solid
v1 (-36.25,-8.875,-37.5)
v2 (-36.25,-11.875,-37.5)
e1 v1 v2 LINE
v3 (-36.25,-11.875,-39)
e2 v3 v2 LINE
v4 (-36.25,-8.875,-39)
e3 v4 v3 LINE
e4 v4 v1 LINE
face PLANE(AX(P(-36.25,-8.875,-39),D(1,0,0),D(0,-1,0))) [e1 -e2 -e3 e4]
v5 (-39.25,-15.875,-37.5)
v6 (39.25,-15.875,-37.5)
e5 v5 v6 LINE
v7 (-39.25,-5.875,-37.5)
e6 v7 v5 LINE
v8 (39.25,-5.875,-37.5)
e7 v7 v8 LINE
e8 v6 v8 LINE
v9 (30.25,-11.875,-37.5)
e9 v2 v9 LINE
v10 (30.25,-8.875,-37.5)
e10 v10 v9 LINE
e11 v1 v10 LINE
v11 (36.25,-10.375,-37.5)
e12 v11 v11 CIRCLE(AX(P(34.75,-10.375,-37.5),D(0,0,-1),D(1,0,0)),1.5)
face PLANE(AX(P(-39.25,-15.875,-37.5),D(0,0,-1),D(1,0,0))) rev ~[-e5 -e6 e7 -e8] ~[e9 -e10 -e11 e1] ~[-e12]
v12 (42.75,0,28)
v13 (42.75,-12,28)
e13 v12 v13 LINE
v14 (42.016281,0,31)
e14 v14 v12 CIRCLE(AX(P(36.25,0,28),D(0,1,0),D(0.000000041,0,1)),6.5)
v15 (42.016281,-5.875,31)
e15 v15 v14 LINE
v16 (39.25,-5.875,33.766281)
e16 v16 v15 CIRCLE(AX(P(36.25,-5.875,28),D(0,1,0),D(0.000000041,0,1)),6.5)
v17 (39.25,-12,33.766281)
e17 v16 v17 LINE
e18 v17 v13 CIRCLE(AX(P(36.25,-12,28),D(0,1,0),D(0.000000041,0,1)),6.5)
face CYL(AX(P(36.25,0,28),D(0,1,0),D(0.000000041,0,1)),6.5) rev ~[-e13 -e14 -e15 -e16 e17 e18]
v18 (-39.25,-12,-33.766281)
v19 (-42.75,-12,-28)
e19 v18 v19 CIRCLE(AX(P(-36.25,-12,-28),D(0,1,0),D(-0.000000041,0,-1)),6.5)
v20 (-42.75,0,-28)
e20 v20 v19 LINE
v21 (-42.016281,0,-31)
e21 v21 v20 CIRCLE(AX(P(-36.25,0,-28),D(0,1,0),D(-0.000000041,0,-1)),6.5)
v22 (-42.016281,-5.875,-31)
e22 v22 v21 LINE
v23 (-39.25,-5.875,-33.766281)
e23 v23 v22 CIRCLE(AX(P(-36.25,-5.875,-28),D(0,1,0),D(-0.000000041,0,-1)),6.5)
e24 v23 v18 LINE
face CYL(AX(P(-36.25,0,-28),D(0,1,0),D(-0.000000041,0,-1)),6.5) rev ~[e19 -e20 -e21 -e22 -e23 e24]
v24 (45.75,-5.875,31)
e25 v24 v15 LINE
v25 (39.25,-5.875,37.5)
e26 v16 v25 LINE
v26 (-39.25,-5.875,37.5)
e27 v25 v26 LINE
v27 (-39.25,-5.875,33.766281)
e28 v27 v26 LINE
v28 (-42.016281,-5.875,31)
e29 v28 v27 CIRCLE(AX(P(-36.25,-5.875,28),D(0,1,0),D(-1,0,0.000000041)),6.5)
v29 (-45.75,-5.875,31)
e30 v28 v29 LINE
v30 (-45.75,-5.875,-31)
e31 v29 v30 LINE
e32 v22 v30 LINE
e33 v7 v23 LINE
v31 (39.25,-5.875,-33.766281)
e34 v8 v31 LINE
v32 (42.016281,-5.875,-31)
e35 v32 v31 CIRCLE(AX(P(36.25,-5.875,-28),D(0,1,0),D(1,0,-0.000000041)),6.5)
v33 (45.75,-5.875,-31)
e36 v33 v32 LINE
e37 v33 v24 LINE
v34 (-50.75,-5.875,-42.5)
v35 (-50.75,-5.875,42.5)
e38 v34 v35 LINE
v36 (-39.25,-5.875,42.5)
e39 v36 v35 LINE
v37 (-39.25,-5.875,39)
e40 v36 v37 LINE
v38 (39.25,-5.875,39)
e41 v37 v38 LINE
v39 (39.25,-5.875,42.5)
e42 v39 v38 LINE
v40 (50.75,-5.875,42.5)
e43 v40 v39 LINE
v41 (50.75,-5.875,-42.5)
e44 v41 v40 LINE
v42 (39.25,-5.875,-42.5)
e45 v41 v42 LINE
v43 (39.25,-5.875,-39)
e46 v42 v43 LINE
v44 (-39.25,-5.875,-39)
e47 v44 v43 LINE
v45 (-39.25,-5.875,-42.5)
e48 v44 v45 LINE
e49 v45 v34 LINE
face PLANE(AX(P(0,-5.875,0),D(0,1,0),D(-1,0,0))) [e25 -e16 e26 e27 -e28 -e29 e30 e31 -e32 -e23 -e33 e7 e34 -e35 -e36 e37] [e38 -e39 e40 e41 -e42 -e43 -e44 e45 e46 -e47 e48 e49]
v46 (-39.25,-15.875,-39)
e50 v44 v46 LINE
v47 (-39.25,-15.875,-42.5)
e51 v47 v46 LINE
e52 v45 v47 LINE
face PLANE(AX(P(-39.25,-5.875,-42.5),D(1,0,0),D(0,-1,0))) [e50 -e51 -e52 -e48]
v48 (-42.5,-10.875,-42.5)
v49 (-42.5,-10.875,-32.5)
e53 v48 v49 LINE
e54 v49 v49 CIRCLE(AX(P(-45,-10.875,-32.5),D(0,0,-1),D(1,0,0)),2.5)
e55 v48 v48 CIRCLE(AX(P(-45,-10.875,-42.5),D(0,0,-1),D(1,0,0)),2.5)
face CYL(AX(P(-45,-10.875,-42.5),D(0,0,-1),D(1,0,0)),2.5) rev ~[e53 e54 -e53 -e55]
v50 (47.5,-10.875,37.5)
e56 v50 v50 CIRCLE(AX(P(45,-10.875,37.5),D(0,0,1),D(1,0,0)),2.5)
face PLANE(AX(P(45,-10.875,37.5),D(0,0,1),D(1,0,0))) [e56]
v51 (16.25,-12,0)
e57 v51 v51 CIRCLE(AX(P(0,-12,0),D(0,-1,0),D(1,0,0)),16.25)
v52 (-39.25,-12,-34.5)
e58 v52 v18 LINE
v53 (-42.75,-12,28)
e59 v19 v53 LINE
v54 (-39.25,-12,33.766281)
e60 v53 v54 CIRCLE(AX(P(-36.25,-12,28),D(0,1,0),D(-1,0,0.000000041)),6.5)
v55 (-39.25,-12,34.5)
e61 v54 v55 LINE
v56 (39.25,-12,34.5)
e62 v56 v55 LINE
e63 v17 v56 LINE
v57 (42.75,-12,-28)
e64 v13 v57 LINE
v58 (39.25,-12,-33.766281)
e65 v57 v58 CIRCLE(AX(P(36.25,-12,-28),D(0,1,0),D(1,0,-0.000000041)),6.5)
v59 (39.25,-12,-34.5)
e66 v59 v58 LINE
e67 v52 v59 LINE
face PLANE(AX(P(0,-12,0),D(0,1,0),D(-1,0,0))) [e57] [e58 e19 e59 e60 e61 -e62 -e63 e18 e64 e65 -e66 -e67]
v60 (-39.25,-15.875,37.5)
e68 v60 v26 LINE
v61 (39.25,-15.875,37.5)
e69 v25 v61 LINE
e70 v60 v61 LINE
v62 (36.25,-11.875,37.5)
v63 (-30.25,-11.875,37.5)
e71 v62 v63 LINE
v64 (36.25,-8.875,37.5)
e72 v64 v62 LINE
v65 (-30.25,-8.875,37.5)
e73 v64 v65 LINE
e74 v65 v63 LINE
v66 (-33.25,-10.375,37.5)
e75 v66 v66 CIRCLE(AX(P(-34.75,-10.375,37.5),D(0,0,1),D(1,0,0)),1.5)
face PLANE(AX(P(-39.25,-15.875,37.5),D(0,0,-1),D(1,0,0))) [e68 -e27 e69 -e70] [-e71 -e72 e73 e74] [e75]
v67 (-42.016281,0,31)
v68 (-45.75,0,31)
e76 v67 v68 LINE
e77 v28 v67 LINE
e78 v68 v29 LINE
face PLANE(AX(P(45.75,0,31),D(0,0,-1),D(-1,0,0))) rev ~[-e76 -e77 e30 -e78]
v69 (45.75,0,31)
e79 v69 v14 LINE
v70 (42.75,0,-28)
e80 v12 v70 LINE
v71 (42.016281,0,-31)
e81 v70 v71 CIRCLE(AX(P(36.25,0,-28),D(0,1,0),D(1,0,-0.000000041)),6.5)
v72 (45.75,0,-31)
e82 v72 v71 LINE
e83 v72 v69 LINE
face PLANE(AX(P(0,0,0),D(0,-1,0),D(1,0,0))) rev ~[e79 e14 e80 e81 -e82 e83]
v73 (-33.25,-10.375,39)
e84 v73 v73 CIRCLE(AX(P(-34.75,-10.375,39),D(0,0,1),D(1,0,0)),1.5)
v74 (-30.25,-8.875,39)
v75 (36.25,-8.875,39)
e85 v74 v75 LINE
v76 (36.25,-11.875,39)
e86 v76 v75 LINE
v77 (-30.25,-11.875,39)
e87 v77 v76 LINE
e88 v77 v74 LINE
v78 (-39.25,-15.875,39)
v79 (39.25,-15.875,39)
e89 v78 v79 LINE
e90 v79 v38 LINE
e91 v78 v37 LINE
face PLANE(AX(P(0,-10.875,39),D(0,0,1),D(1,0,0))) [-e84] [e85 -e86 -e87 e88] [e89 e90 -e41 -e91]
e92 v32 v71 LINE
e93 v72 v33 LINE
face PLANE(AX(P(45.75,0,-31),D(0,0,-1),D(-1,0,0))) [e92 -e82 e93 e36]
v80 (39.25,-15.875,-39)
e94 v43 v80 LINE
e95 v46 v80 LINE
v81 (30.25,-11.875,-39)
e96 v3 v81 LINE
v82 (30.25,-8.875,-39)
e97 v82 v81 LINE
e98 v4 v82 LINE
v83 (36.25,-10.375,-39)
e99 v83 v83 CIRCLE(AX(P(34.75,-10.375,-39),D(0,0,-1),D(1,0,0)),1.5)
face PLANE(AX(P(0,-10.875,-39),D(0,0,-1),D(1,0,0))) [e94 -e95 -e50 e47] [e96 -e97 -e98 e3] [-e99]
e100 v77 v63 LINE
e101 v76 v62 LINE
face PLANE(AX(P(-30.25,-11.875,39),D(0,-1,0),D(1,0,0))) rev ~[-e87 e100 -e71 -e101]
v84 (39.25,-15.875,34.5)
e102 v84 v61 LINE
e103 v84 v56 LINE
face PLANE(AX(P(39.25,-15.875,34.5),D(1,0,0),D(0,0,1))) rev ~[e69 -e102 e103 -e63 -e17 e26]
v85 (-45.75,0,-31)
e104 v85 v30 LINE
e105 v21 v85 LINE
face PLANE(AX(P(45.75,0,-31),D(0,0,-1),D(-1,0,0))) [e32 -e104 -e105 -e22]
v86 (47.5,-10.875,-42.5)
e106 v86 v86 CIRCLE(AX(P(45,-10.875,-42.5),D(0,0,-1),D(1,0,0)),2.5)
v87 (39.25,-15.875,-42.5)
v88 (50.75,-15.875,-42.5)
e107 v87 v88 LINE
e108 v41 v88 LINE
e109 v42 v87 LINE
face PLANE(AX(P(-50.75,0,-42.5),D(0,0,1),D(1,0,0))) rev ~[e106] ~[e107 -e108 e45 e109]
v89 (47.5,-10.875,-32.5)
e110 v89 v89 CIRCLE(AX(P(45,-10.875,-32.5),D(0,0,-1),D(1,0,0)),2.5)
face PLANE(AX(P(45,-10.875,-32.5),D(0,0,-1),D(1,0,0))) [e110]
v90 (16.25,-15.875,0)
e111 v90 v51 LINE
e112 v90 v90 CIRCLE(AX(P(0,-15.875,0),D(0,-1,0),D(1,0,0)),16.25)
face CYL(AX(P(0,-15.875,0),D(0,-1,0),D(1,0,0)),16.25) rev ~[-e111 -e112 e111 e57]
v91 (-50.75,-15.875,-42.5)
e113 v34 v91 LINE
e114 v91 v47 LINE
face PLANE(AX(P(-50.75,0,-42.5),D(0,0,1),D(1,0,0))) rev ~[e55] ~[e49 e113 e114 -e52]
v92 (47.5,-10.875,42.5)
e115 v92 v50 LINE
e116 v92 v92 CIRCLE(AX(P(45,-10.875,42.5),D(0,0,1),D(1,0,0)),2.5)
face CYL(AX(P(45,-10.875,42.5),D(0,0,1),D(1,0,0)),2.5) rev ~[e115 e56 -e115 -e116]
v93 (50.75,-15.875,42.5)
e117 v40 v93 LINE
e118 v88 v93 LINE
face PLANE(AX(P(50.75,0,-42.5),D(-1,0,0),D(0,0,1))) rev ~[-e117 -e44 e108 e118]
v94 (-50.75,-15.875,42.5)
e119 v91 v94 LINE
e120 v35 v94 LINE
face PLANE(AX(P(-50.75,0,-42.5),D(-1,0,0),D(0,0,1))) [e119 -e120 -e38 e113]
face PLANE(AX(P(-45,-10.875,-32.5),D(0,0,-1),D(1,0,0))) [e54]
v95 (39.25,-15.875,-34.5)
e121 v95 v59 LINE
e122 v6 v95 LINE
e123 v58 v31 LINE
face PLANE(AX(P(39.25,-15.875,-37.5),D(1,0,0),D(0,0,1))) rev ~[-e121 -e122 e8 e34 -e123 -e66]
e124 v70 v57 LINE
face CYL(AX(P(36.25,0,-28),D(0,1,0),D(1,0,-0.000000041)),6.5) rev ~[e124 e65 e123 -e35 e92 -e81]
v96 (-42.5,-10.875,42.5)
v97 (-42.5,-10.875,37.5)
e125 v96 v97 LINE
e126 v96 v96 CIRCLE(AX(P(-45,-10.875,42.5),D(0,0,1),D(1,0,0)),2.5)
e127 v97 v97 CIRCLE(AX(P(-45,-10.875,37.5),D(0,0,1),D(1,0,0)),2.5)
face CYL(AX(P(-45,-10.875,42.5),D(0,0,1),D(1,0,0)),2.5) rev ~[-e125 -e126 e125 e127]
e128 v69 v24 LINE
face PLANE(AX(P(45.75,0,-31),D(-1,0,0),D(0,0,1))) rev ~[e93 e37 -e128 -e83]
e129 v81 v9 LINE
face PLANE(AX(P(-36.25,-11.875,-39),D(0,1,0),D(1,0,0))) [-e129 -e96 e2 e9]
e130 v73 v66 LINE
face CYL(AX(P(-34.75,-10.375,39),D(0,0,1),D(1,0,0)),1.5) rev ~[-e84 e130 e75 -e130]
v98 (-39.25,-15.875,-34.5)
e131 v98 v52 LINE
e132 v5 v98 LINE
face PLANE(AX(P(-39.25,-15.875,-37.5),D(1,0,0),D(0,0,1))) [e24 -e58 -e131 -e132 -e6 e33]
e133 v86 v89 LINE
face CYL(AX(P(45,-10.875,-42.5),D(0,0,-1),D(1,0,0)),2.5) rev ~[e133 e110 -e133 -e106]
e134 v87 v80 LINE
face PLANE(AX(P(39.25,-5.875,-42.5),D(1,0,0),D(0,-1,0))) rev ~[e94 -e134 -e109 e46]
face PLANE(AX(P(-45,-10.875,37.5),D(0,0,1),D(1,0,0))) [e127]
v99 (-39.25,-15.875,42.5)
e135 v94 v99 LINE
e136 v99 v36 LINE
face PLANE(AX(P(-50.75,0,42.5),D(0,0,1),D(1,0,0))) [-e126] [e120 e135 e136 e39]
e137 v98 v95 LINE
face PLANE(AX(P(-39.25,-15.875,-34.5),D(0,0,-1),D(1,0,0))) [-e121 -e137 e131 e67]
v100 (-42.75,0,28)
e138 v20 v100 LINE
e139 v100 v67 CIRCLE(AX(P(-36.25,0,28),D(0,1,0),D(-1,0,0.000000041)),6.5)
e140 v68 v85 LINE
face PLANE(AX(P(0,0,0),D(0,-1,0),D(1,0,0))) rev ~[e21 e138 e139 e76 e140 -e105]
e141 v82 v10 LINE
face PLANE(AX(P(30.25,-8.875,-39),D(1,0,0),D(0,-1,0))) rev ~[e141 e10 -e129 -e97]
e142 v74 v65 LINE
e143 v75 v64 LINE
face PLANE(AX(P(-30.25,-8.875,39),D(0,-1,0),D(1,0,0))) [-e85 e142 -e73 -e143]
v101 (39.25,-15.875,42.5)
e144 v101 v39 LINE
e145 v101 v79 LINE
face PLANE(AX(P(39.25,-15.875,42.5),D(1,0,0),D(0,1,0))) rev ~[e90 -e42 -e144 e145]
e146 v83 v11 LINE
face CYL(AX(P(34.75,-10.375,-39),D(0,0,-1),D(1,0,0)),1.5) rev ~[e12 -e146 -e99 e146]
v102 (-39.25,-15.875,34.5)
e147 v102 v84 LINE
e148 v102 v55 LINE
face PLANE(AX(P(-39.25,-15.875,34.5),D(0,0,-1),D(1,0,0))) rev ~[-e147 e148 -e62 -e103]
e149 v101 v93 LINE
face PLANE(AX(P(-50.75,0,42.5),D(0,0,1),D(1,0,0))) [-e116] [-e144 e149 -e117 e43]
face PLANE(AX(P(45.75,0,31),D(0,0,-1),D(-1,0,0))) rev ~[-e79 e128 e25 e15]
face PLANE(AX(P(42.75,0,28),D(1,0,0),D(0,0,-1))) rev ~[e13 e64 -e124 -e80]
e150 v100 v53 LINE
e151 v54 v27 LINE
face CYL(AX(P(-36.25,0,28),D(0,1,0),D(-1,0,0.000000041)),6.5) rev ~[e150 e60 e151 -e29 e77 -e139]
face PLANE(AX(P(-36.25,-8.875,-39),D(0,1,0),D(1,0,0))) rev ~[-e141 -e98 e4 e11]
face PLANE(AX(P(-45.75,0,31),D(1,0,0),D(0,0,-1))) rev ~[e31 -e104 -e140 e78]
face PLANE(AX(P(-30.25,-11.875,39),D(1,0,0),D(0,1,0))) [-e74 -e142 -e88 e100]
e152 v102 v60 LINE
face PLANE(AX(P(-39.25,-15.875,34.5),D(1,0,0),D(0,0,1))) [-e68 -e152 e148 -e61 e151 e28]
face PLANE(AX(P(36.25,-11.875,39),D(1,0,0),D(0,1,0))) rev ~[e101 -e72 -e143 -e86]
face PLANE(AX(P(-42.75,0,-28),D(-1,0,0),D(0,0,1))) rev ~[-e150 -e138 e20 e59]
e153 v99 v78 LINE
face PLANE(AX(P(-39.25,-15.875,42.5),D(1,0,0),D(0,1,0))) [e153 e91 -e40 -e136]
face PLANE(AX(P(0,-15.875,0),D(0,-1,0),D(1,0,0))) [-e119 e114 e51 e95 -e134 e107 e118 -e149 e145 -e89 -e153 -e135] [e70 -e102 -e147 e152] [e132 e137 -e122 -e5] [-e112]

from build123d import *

# Parameters (mm, degrees)
F0_W      = 101.5
F0_H      = 85
F1_DEPTH  = 15.875
F2_R      = 16.25
F3_DEPTH  = 25
F4_W      = 101.5
F4_H      = 85
F5_DEPTH  = 5.875
F7_DEPTH  = 12
F8_W      = 78.5
F8_H      = 10
F9_DEPTH  = 3.5
F10_W     = 78.5
F10_H     = 10
F11_DEPTH = 3.5
F12_W     = 78.5
F12_H     = 3
F13_DEPTH = 25
F14_W     = 78.5
F14_H     = 17.569206
F15_DEPTH = 200
F16_W     = 78.5
F16_H     = 75
F17_DEPTH = 6.125
F18_R     = 1.5
F18_W     = 66.5
F18_H     = 3
F19_DEPTH = 2
F20_R     = 1.5
F20_W     = 66.5
F20_H     = 3
F21_DEPTH = 2
F22_R     = 2.5
F23_DEPTH = 10
F24_R     = 2.5
F25_DEPTH = 10
F26_R     = 2.5
F27_DEPTH = 5
F28_R     = 2.5
F29_DEPTH = 5
F30_W     = 91.57778
F30_H     = 6.951566
F30_W_2   = 93.047712
F30_H_2   = 9.166792
F31_DEPTH = 5.875


with BuildPart() as f1:
    # F0 (on Front) → F1 (new body)
    with BuildSketch(Plane.XZ):
        Rectangle(F0_W, F0_H)
    extrude(amount=F1_DEPTH)

    # F2 (on face) → F3 (cut)
    with BuildSketch(Plane.XZ.offset(15.875)):
        Circle(F2_R)
    extrude(amount=-F3_DEPTH, mode=Mode.SUBTRACT)

    # F4 (on face) → F5 (cut)
    with BuildSketch(Plane(origin=(0, 0, 0), x_dir=(-1, 0, 0), z_dir=(0, 1, 0))):
        Rectangle(F4_W, F4_H)
        with BuildLine():
            Line((-45.75, -31), (-45.75, 31))
            ThreePointArc((-45.75, 31), (-43.846194, 35.596194), (-39.25, 37.5))
            Line((-39.25, 37.5), (39.25, 37.5))
            ThreePointArc((39.25, 37.5), (43.846194, 35.596194), (45.75, 31))
            Line((45.75, 31), (45.75, -31))
            ThreePointArc((45.75, -31), (43.846194, -35.596194), (39.25, -37.5))
            Line((39.25, -37.5), (-39.25, -37.5))
            ThreePointArc((-39.25, -37.5), (-43.846194, -35.596194), (-45.75, -31))
        make_face(mode=Mode.SUBTRACT)
    extrude(amount=-F5_DEPTH, mode=Mode.SUBTRACT)

    # F6 (on face) → F7 (cut)
    with BuildSketch(Plane(origin=(0, 0, 0), x_dir=(-1, 0, 0), z_dir=(0, 1, 0))):
        with BuildLine():
            ThreePointArc((-36.25, 34.5), (-40.846194, 32.596194), (-42.75, 28))
            Line((-42.75, 28), (-42.75, -28))
            ThreePointArc((-42.75, -28), (-40.846194, -32.596194), (-36.25, -34.5))
            Line((-36.25, -34.5), (36.25, -34.5))
            ThreePointArc((36.25, -34.5), (40.846194, -32.596194), (42.75, -28))
            Line((42.75, -28), (42.75, 28))
            ThreePointArc((42.75, 28), (40.846194, 32.596194), (36.25, 34.5))
            Line((36.25, 34.5), (-36.25, 34.5))
        make_face()
    extrude(amount=-F7_DEPTH, mode=Mode.SUBTRACT)

    # F8 (on face) → F9 (cut)
    with BuildSketch(Plane.XY.offset(42.5)):
        with Locations((0, -10.875)):
            Rectangle(F8_W, F8_H)
    extrude(amount=-F9_DEPTH, mode=Mode.SUBTRACT)

    # F10 (on face) → F11 (cut)
    with BuildSketch(Plane(origin=(0, 0, -42.5), x_dir=(1, 0, 0), z_dir=(0, 0, -1))):
        with Locations((0, 10.875)):
            Rectangle(F10_W, F10_H)
    extrude(amount=-F11_DEPTH, mode=Mode.SUBTRACT)

    # F12 (on face) → F13 (cut)
    with BuildSketch(Plane.XZ.offset(15.875)):
        with Locations((0, 36)):
            Rectangle(F12_W, F12_H)
        with Locations((0, -36)):
            Rectangle(F12_W, F12_H)
    extrude(amount=-F13_DEPTH, mode=Mode.SUBTRACT)

    # F14 (on face) → F15 (cut)
    with BuildSketch(Plane.XY.offset(39)):
        with Locations((0, 2.909603)):
            Rectangle(F14_W, F14_H)
    extrude(amount=-F15_DEPTH, mode=Mode.SUBTRACT)

    # F16 (on face) → F17 (cut)
    with BuildSketch(Plane(origin=(0, -5.875, 0), x_dir=(-1, 0, 0), z_dir=(0, 1, 0))):
        Rectangle(F16_W, F16_H)
    extrude(amount=-F17_DEPTH, mode=Mode.SUBTRACT)

    # F18 (on face) → F19 (cut)
    with BuildSketch(Plane.XY.offset(39)):
        with Locations((-34.75, -10.375)):
            Circle(F18_R)
        with Locations((3, -10.375)):
            Rectangle(F18_W, F18_H)
    extrude(amount=-F19_DEPTH, mode=Mode.SUBTRACT)

    # F20 (on face) → F21 (cut)
    with BuildSketch(Plane(origin=(0, 0, -39), x_dir=(1, 0, 0), z_dir=(0, 0, -1))):
        with Locations((34.75, 10.375)):
            Circle(F20_R)
        with Locations((-3, 10.375)):
            Rectangle(F20_W, F20_H)
    extrude(amount=-F21_DEPTH, mode=Mode.SUBTRACT)

    # F22 (on face) → F23 (cut)
    with BuildSketch(Plane(origin=(0, 0, -42.5), x_dir=(1, 0, 0), z_dir=(0, 0, -1))):
        with Locations((-45, 10.875)):
            Circle(F22_R)
    extrude(amount=-F23_DEPTH, mode=Mode.SUBTRACT)

    # F24 (on face) → F25 (cut)
    with BuildSketch(Plane(origin=(0, 0, -42.5), x_dir=(1, 0, 0), z_dir=(0, 0, -1))):
        with Locations((45, 10.875)):
            Circle(F24_R)
    extrude(amount=-F25_DEPTH, mode=Mode.SUBTRACT)

    # F26 (on face) → F27 (cut)
    with BuildSketch(Plane.XY.offset(42.5)):
        with Locations((-45, -10.875)):
            Circle(F26_R)
    extrude(amount=-F27_DEPTH, mode=Mode.SUBTRACT)

    # F28 (on face) → F29 (cut)
    with BuildSketch(Plane.XY.offset(42.5)):
        with Locations((45, -10.875)):
            Circle(F28_R)
    extrude(amount=-F29_DEPTH, mode=Mode.SUBTRACT)

    # F30 (on face) → F31 (cut)
    with BuildSketch(Plane(origin=(0, 0, 0), x_dir=(-1, 0, 0), z_dir=(0, 1, 0))):
        with Locations((0.03889, 34.475783)):
            Rectangle(F30_W, F30_H)
        with Locations((0.773856, -35.583396)):
            Rectangle(F30_W_2, F30_H_2)
    extrude(amount=-F31_DEPTH, mode=Mode.SUBTRACT)


solid = f1.part
